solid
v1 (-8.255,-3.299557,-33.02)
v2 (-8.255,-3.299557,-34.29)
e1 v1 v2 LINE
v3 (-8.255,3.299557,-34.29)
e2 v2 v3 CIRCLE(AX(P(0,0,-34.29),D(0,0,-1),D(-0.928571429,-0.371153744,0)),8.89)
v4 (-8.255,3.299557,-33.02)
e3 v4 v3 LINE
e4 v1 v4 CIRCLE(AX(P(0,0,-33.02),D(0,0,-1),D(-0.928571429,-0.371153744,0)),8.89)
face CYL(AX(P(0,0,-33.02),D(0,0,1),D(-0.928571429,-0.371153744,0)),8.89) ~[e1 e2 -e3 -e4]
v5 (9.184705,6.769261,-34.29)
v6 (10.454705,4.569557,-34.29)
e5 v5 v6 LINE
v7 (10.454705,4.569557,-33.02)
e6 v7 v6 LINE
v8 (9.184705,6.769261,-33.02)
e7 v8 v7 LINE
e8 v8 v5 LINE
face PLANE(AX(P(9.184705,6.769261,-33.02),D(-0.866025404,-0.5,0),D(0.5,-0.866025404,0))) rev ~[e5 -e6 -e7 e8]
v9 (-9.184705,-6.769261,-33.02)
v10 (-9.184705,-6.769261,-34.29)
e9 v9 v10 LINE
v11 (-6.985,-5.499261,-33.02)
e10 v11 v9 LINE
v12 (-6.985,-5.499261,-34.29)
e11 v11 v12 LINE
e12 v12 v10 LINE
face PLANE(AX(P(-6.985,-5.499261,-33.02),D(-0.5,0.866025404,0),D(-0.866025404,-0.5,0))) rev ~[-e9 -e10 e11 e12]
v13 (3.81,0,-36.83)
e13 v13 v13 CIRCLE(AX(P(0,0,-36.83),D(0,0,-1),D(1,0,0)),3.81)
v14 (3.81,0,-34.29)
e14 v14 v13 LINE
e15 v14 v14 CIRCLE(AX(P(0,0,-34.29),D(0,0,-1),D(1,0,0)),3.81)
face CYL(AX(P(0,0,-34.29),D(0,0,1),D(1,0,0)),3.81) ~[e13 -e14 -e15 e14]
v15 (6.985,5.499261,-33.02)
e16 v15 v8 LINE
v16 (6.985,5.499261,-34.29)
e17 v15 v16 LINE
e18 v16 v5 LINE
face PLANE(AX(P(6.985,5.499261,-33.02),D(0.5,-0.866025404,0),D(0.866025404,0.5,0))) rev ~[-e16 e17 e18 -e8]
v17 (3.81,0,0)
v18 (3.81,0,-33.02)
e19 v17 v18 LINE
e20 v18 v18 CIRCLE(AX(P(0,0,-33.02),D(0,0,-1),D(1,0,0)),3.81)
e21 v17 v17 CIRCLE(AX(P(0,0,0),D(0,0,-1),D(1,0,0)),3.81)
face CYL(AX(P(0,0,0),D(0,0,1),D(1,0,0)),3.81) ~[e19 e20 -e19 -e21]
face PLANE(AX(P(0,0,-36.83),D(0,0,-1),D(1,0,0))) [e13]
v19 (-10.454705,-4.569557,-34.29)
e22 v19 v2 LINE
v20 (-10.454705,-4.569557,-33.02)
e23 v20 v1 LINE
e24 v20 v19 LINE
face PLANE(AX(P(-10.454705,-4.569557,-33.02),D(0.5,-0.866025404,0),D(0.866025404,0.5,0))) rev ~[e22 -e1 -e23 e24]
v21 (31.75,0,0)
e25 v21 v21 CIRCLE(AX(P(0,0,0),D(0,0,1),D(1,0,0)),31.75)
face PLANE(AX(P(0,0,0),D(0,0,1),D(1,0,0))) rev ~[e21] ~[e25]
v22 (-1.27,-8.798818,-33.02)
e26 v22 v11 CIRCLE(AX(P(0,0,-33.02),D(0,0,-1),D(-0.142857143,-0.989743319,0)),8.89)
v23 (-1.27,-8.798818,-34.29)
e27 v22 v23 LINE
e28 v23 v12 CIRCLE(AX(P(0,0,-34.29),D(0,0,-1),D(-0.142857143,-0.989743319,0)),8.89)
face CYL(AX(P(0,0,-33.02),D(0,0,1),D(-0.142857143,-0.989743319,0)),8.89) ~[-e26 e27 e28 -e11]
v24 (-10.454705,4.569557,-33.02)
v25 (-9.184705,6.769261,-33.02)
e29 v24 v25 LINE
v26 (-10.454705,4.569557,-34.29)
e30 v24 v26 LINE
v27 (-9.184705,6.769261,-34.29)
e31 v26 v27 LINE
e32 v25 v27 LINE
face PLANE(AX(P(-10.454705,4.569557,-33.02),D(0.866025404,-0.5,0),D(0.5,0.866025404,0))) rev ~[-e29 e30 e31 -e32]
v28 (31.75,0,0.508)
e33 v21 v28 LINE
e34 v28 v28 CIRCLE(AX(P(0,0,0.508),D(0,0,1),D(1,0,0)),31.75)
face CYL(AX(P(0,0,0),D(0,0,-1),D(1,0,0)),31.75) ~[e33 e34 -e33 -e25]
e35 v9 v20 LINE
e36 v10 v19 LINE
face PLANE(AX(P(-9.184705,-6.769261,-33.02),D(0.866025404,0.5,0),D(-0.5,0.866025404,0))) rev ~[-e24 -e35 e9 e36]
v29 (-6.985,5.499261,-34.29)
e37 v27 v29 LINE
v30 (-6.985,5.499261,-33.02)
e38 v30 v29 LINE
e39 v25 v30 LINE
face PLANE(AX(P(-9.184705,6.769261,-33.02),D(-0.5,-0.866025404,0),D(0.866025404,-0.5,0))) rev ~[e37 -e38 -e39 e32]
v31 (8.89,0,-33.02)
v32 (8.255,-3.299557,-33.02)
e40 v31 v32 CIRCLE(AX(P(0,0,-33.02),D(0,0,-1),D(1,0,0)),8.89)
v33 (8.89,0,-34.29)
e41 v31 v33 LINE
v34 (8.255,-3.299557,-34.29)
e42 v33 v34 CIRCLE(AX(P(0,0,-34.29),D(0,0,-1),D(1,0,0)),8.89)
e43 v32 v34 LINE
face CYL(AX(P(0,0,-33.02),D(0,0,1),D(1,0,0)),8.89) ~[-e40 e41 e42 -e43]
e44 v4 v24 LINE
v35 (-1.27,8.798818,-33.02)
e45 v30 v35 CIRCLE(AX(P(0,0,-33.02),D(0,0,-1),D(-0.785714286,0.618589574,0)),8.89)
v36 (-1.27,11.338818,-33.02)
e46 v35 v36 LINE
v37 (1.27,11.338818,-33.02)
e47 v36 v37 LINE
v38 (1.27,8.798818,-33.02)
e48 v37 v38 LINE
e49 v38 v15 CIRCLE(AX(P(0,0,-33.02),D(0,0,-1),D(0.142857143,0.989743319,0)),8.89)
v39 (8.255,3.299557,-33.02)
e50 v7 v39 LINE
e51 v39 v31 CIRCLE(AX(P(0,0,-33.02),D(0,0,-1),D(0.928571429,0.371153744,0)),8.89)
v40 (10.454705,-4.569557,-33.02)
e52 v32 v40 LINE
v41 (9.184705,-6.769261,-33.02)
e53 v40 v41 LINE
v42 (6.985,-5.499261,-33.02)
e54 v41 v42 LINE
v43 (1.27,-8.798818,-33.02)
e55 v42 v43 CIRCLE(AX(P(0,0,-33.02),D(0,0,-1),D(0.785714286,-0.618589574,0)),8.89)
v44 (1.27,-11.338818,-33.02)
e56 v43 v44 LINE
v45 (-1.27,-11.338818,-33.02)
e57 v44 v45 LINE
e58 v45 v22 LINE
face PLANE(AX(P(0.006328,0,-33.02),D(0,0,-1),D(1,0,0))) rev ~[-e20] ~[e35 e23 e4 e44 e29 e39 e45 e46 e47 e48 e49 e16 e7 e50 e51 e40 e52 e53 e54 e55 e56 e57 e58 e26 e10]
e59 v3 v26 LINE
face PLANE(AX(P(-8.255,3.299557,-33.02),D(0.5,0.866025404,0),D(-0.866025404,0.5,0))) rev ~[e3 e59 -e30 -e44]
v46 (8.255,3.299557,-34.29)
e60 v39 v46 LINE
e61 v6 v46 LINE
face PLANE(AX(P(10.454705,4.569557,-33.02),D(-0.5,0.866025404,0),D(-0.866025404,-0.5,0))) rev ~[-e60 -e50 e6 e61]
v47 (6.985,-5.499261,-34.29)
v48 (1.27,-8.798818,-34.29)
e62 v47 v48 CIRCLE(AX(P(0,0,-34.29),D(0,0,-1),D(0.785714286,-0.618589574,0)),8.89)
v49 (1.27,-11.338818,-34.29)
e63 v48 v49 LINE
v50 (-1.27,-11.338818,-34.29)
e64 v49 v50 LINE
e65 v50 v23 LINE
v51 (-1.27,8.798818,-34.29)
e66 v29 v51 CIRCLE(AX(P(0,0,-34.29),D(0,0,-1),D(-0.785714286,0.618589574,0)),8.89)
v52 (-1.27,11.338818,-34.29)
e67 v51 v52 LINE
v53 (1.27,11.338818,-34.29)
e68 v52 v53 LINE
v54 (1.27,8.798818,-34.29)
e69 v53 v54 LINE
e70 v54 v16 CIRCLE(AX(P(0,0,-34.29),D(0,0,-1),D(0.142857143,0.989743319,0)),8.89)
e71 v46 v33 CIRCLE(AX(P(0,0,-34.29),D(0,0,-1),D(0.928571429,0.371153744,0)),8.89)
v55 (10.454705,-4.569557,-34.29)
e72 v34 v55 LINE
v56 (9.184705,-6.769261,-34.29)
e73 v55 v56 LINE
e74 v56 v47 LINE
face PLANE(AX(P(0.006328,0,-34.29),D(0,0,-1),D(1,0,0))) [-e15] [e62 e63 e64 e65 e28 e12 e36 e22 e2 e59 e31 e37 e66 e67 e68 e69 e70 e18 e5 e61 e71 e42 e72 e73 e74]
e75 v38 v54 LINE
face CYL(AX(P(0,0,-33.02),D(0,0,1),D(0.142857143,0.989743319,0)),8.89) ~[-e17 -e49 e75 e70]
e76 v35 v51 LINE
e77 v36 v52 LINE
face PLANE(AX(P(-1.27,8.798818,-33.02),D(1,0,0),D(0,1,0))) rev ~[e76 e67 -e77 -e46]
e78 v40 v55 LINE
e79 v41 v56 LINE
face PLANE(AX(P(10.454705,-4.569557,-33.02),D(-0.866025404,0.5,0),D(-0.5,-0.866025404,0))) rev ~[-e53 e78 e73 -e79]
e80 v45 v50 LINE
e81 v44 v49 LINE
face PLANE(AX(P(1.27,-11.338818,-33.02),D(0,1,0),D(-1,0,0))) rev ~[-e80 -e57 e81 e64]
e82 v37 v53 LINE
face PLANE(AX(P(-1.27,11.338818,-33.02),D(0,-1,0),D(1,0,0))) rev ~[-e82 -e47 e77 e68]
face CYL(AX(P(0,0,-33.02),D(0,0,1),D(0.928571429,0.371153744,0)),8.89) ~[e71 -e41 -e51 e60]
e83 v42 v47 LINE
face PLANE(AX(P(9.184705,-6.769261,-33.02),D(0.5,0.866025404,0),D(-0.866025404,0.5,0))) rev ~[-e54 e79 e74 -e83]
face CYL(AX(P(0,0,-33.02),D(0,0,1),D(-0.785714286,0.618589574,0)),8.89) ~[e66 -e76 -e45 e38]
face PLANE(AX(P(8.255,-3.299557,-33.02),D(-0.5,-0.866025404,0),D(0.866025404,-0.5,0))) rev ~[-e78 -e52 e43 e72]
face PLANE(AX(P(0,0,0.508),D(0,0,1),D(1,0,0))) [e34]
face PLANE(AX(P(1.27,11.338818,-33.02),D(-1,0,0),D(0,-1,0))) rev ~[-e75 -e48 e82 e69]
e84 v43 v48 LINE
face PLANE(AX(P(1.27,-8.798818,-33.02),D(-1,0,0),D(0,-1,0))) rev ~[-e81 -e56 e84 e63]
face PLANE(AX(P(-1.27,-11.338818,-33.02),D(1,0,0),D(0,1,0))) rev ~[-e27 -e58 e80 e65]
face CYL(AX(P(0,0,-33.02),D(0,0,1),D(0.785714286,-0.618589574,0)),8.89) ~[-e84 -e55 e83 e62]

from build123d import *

# Parameters (mm, degrees)
F0_R     = 31.75
F1_DEPTH = 0.508
F2_R     = 3.81
F3_DEPTH = 33.02
F4_R     = 3.81
F5_DEPTH = 1.27
F6_R     = 3.81
F7_DEPTH = 2.54


with BuildPart() as f1:
    # F0 (on Top) → F1 (new body)
    with BuildSketch(Plane.XY):
        Circle(F0_R)
    extrude(amount=F1_DEPTH)

    # F2 (on face) → F3 (join)
    with BuildSketch(Plane(origin=(0, 0, 0), x_dir=(1, 0, 0), z_dir=(0, 0, -1))):
        Circle(F2_R)
    extrude(amount=F3_DEPTH)

    # F4 (on face) → F5 (join)
    with BuildSketch(Plane(origin=(0, 0, -33.02), x_dir=(1, 0, 0), z_dir=(0, 0, -1))):
        with BuildLine():
            ThreePointArc((8.255, -3.2995567884), (8.7298066989, -1.6800520825), (8.89, 0))
            ThreePointArc((8.89, 0), (8.7298066989, 1.6800520825), (8.255, 3.2995567884))
            ThreePointArc((8.255, 3.2995567884), (7.6989658396, 4.445), (6.985, 5.499261314))
            ThreePointArc((6.985, 5.499261314), (4.445, 7.6989658396), (1.27, 8.7988181024))
            ThreePointArc((1.27, 8.7988181024), (0, 8.89), (-1.27, 8.7988181024))
            ThreePointArc((-1.27, 8.7988181024), (-4.445, 7.6989658396), (-6.985, 5.499261314))
            ThreePointArc((-6.985, 5.499261314), (-7.6989658396, 4.445), (-8.255, 3.2995567884))
            ThreePointArc((-8.255, 3.2995567884), (-8.89, 0), (-8.255, -3.2995567884))
            ThreePointArc((-8.255, -3.2995567884), (-7.6989658396, -4.445), (-6.985, -5.499261314))
            ThreePointArc((-6.985, -5.499261314), (-4.445, -7.6989658396), (-1.27, -8.7988181024))
            ThreePointArc((-1.27, -8.7988181024), (0, -8.89), (1.27, -8.7988181024))
            ThreePointArc((1.27, -8.7988181024), (4.445, -7.6989658396), (6.985, -5.499261314))
            ThreePointArc((6.985, -5.499261314), (7.6989658396, -4.445), (8.255, -3.2995567884))
        make_face()
        Circle(F4_R, mode=Mode.SUBTRACT)
        Circle(F4_R)
        with BuildLine():
            ThreePointArc((-1.27, 8.7988181024), (0, 8.89), (1.27, 8.7988181024))
            Line((1.27, 8.7988181024), (1.27, 11.3388181024))
            Line((1.27, 11.3388181024), (-1.27, 11.3388181024))
            Line((-1.27, 11.3388181024), (-1.27, 8.7988181024))
        make_face()
        with BuildLine():
            ThreePointArc((6.985, 5.499261314), (7.6989658396, 4.445), (8.255, 3.2995567884))
            Line((8.255, 3.2995567884), (10.4547045256, 4.5695567884))
            Line((10.4547045256, 4.5695567884), (9.1847045256, 6.769261314))
            Line((9.1847045256, 6.769261314), (6.985, 5.499261314))
        make_face()
        with BuildLine():
            Line((10.4547045256, -4.5695567884), (8.255, -3.2995567884))
            ThreePointArc((8.255, -3.2995567884), (7.6989658396, -4.445), (6.985, -5.499261314))
            Line((6.985, -5.499261314), (9.1847045256, -6.769261314))
            Line((9.1847045256, -6.769261314), (10.4547045256, -4.5695567884))
        make_face()
        with BuildLine():
            Line((1.27, -11.3388181024), (1.27, -8.7988181024))
            ThreePointArc((1.27, -8.7988181024), (0, -8.89), (-1.27, -8.7988181024))
            Line((-1.27, -8.7988181024), (-1.27, -11.3388181024))
            Line((-1.27, -11.3388181024), (1.27, -11.3388181024))
        make_face()
        with BuildLine():
            Line((-9.1847045256, -6.769261314), (-6.985, -5.499261314))
            ThreePointArc((-6.985, -5.499261314), (-7.6989658396, -4.445), (-8.255, -3.2995567884))
            Line((-8.255, -3.2995567884), (-10.4547045256, -4.5695567884))
            Line((-10.4547045256, -4.5695567884), (-9.1847045256, -6.769261314))
        make_face()
        with BuildLine():
            ThreePointArc((-8.255, 3.2995567884), (-7.6989658396, 4.445), (-6.985, 5.499261314))
            Line((-6.985, 5.499261314), (-9.1847045256, 6.769261314))
            Line((-9.1847045256, 6.769261314), (-10.4547045256, 4.5695567884))
            Line((-10.4547045256, 4.5695567884), (-8.255, 3.2995567884))
        make_face()
    extrude(amount=F5_DEPTH)

    # F6 (on face) → F7 (join)
    with BuildSketch(Plane(origin=(0, 0, -34.29), x_dir=(1, 0, 0), z_dir=(0, 0, -1))):
        Circle(F6_R)
    extrude(amount=F7_DEPTH)


solid = f1.part
